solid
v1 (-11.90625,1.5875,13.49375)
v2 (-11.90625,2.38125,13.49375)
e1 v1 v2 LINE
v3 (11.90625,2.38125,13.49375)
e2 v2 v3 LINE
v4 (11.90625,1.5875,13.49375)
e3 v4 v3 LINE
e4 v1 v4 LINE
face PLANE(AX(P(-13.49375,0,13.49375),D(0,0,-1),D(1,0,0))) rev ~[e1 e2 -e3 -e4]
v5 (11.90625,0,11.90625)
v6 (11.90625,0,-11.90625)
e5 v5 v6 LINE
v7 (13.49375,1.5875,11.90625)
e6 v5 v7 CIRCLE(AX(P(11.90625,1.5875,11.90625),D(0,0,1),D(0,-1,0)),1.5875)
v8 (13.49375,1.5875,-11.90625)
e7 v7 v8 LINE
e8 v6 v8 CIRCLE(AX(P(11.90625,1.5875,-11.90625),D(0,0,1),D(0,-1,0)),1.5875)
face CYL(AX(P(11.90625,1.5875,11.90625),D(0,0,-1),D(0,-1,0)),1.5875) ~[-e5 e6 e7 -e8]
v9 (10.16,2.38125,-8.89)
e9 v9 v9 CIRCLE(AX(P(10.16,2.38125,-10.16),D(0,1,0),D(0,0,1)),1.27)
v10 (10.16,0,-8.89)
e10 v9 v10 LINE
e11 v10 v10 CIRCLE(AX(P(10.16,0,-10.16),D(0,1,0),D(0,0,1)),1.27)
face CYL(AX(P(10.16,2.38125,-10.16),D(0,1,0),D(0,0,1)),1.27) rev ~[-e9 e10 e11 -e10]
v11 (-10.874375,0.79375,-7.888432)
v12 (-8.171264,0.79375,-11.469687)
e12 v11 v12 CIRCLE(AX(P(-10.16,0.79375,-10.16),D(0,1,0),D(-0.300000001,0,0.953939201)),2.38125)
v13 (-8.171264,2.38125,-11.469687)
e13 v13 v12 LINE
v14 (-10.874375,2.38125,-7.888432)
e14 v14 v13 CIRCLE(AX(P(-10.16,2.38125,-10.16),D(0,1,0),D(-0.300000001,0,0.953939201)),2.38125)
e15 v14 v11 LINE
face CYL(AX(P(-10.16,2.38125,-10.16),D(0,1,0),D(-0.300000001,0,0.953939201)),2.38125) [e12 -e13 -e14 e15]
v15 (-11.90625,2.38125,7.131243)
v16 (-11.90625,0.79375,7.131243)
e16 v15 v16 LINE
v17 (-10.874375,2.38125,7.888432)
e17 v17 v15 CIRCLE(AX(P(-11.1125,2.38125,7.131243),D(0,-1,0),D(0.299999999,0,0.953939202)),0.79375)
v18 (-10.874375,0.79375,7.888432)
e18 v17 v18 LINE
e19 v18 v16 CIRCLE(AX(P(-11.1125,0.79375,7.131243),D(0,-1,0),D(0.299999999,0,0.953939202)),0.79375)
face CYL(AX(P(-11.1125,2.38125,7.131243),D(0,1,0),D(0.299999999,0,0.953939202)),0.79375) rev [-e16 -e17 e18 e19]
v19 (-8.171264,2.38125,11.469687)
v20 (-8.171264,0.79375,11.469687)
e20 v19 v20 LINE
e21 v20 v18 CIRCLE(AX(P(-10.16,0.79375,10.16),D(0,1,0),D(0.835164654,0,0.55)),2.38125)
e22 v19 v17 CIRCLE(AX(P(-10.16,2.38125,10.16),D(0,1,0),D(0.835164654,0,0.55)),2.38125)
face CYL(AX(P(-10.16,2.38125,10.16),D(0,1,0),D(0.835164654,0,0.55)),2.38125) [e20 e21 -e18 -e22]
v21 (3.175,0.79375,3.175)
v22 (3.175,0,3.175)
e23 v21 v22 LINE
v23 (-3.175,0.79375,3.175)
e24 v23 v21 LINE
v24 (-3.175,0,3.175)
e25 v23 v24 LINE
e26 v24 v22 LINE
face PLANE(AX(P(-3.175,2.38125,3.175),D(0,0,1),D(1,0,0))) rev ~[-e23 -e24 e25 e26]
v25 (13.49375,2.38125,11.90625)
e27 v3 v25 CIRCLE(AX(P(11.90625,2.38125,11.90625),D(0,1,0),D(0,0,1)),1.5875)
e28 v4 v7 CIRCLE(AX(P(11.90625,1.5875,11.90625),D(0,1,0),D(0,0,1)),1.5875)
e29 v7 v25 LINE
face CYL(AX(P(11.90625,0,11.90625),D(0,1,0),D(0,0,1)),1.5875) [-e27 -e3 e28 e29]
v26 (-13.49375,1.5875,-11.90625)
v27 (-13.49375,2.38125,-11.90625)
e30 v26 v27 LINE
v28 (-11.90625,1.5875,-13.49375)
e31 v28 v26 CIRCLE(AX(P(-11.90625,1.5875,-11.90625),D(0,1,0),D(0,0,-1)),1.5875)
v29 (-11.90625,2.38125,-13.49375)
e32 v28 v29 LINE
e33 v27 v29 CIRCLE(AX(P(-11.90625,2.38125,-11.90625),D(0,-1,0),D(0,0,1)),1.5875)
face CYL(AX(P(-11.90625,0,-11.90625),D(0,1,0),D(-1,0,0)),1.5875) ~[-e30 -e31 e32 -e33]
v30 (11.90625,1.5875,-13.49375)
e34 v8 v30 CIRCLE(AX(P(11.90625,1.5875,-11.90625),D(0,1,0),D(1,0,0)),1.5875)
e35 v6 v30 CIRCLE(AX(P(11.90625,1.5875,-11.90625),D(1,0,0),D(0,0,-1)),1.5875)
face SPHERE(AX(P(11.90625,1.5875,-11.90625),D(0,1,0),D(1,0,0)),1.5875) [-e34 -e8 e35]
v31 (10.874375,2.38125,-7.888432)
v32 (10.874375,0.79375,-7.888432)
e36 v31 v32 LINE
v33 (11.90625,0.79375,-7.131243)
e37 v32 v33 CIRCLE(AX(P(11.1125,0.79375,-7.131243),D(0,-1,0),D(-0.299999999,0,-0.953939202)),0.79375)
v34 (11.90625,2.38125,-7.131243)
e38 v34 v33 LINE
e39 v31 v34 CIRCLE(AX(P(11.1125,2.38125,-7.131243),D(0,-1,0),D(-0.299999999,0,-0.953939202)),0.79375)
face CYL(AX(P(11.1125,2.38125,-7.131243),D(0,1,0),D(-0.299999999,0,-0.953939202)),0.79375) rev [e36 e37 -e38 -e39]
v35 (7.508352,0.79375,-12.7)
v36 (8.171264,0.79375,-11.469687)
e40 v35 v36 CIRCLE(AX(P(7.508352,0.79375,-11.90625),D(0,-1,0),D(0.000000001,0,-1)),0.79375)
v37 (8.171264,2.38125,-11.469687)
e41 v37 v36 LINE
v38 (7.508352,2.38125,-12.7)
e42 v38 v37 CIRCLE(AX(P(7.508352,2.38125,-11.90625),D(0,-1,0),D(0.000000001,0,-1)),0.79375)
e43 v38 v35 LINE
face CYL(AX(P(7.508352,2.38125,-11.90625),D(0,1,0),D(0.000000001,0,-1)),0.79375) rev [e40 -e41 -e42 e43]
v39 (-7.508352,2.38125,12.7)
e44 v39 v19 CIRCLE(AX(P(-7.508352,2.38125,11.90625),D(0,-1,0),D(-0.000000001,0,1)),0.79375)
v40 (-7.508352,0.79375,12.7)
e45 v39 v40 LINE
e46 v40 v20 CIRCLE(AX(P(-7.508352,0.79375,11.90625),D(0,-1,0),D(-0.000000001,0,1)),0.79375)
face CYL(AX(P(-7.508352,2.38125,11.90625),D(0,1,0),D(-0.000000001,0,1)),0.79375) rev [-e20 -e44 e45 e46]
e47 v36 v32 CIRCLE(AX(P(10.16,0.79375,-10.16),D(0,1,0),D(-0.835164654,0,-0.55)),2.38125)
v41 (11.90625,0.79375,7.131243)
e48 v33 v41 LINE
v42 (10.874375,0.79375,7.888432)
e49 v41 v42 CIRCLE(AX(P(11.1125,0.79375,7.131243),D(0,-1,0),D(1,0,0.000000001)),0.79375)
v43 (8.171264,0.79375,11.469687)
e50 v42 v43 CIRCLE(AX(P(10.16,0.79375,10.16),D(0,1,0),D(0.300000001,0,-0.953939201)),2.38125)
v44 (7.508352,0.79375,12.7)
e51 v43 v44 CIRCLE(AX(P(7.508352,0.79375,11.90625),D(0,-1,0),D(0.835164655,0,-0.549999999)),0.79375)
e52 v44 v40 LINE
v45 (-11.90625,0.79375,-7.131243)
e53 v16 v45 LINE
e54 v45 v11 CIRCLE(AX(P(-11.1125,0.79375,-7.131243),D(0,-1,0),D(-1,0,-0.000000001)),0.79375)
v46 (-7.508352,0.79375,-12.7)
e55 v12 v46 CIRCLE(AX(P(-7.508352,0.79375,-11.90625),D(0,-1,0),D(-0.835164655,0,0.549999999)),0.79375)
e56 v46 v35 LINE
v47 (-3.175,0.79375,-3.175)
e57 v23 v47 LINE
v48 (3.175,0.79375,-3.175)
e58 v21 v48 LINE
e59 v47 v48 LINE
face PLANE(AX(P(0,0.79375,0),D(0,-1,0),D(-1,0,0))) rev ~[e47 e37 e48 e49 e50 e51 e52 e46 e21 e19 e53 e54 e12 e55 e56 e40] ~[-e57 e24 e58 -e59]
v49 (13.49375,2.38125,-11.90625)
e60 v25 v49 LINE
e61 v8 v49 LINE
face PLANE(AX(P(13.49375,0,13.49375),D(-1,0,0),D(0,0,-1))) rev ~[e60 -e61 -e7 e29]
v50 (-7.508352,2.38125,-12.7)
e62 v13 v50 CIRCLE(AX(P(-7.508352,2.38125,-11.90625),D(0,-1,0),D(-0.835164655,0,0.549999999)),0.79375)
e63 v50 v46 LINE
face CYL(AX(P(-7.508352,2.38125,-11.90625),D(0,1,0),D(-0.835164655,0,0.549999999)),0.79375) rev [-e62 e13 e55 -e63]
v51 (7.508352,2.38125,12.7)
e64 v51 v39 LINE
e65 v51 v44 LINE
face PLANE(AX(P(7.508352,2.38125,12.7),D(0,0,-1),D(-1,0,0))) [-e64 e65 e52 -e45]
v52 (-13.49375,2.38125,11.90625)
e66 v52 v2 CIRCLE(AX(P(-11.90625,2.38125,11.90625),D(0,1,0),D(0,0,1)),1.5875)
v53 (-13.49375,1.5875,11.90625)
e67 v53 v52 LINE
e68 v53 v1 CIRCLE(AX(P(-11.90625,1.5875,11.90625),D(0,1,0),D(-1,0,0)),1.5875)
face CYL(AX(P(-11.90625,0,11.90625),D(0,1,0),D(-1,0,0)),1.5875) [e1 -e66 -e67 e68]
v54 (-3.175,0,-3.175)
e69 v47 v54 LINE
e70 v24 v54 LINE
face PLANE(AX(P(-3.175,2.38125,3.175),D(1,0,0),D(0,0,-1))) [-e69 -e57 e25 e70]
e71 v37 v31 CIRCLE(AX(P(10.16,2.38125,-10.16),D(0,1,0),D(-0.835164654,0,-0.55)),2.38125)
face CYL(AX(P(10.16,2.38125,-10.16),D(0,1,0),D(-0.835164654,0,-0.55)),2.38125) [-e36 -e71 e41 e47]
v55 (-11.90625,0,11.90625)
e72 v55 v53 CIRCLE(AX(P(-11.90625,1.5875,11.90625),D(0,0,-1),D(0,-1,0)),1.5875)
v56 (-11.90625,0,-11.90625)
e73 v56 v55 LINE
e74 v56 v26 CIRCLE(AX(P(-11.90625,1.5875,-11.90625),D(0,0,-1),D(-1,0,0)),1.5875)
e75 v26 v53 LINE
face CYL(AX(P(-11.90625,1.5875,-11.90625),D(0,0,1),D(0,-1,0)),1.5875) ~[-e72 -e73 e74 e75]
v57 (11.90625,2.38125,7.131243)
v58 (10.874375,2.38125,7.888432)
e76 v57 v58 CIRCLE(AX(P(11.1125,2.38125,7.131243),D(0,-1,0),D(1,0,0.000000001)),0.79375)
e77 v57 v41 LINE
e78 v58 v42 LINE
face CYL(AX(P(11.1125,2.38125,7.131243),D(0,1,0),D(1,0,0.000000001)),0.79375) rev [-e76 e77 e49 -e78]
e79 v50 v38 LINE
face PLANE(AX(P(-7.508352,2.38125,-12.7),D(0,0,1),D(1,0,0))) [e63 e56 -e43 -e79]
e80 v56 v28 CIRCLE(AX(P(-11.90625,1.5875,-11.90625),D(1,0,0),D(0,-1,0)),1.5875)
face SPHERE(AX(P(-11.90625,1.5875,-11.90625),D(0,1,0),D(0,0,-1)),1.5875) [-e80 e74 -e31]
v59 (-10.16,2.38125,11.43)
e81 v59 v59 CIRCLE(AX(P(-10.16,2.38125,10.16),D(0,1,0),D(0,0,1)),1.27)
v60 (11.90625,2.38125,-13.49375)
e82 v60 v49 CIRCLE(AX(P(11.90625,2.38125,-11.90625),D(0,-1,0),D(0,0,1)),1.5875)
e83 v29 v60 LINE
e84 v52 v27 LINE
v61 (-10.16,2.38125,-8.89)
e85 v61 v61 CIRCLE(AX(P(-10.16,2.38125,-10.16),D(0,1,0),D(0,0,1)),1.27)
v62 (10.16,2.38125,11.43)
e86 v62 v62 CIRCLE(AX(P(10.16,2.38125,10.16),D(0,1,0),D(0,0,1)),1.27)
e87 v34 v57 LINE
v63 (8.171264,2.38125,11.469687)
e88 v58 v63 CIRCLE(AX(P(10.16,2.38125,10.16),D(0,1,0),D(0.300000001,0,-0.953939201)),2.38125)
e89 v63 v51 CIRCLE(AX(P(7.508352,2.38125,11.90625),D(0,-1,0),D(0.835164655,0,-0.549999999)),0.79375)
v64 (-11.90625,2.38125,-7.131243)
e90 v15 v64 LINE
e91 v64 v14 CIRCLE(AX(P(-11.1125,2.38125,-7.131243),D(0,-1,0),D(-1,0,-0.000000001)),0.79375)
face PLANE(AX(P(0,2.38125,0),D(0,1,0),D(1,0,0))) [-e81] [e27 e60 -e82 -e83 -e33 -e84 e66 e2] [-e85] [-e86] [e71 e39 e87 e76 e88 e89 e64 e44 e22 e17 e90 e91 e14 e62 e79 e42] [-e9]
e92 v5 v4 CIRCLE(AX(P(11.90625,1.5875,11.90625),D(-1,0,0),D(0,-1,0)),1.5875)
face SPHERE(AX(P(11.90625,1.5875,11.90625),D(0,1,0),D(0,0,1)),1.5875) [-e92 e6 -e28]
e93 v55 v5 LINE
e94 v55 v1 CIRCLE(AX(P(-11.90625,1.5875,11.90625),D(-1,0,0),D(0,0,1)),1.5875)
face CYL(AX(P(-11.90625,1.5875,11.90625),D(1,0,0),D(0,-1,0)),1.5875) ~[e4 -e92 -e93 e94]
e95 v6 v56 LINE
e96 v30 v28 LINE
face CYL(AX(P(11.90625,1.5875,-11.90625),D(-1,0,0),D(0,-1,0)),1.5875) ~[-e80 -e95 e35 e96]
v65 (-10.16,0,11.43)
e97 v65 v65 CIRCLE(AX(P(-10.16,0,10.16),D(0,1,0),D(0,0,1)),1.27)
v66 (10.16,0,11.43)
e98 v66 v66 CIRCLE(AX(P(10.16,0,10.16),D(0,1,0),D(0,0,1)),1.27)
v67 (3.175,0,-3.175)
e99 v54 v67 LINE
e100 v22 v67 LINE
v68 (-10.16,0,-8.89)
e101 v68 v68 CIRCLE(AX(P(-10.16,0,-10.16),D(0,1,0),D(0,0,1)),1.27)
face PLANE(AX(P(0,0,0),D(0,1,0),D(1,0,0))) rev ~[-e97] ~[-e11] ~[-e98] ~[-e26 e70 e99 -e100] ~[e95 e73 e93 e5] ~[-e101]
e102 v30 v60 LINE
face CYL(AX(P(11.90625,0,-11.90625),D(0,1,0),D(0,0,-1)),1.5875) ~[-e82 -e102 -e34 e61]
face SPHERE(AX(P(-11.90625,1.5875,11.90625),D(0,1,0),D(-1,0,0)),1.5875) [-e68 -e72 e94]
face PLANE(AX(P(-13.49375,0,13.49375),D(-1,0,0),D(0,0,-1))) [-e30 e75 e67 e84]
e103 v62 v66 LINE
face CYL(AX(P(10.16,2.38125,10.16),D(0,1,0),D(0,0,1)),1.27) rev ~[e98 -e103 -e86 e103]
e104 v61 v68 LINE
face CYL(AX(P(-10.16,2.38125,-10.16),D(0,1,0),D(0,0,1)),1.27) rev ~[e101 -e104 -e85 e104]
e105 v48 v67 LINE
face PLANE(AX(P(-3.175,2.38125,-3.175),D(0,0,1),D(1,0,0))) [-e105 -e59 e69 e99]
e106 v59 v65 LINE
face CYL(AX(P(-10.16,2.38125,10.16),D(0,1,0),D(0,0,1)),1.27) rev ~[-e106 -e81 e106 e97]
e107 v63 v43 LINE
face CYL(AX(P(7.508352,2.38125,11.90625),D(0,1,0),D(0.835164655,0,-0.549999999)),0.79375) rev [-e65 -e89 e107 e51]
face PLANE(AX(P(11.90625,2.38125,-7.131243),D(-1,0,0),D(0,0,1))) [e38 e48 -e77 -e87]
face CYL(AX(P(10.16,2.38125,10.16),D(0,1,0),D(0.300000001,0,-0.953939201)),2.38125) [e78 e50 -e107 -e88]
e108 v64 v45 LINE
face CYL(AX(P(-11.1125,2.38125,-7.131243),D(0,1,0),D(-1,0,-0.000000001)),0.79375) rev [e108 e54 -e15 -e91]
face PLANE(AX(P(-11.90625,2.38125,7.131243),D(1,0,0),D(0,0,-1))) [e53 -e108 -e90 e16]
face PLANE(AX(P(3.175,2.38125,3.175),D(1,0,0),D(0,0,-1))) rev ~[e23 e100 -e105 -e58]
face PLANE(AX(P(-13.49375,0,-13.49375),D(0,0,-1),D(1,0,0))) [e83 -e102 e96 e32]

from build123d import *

# Parameters (mm, degrees)
SKETCH1_W           = 26.9875
SKETCH1_H           = 26.9875
BOSS_EXTRUDE1_DEPTH = 2.38125
SKETCH2_W           = 6.35
SKETCH2_H           = 6.35
CUT_EXTRUDE1_DEPTH  = 20.231040785
SKETCH3_R           = 1.27
CUT_EXTRUDE2_DEPTH  = 20.231040785
CUT_EXTRUDE3_DEPTH  = 1.5875
FILLET1_R           = 1.5875
FILLET2_R           = 1.5875


with BuildPart() as part:
    # Sketch1 → Boss-Extrude1 (new body)
    with BuildSketch(Plane(origin=(0, 0, 0), x_dir=(1, 0, 0), z_dir=(0, 1, 0))):
        Rectangle(SKETCH1_W, SKETCH1_H)
    extrude(amount=BOSS_EXTRUDE1_DEPTH)

    # Sketch2 → Cut-Extrude1 (cut, through all)
    with BuildSketch(Plane(origin=(0, 2.38125, 0), x_dir=(1, 0, 0), z_dir=(0, 1, 0))):
        Rectangle(SKETCH2_W, SKETCH2_H)
    extrude(amount=-CUT_EXTRUDE1_DEPTH, mode=Mode.SUBTRACT)

    # Sketch3 → Cut-Extrude2 (cut, through all)
    with BuildSketch(Plane(origin=(0, 2.38125, 0), x_dir=(1, 0, 0), z_dir=(0, 1, 0))):
        with Locations(Location((-10.16, 10.16, 0), (0, 0, 270))):
            Circle(SKETCH3_R)
        with Locations(Location((10.16, 10.16, 0), (0, 0, 270))):
            Circle(SKETCH3_R)
        with Locations(Location((10.16, -10.16, 0), (0, 0, 270))):
            Circle(SKETCH3_R)
        with Locations(Location((-10.16, -10.16, 0), (0, 0, 270))):
            Circle(SKETCH3_R)
    extrude(amount=-CUT_EXTRUDE2_DEPTH, mode=Mode.SUBTRACT)

    # Sketch4 → Cut-Extrude3 (cut)
    with BuildSketch(Plane(origin=(0, 2.38125, 0), x_dir=(1, 0, 0), z_dir=(0, 1, 0))):
        with BuildLine():
            Line((-11.90625, -7.131243036), (-11.90625, 7.131243036))
            ThreePointArc((-11.90625, 7.131243036), (-11.582088833, 7.771184744), (-10.874375, 7.888432277))
            ThreePointArc((-10.874375, 7.888432277), (-8.259382698, 8.725424998), (-8.171264167, 11.4696875))
            ThreePointArc((-8.171264167, 11.4696875), (-8.207122766, 12.282758684), (-7.508352222, 12.7))
            Line((-7.508352222, 12.7), (7.508352222, 12.7))
            ThreePointArc((7.508352222, 12.7), (8.207122766, 12.282758684), (8.171264167, 11.4696875))
            ThreePointArc((8.171264167, 11.4696875), (8.259382698, 8.725424998), (10.874375, 7.888432277))
            ThreePointArc((10.874375, 7.888432277), (11.582088833, 7.771184744), (11.90625, 7.131243036))
            Line((11.90625, 7.131243036), (11.90625, -7.131243036))
            ThreePointArc((11.90625, -7.131243036), (11.582088833, -7.771184744), (10.874375, -7.888432277))
            ThreePointArc((10.874375, -7.888432277), (8.259382698, -8.725424998), (8.171264167, -11.4696875))
            ThreePointArc((8.171264167, -11.4696875), (8.207122766, -12.282758684), (7.508352222, -12.7))
            Line((7.508352222, -12.7), (-7.508352222, -12.7))
            ThreePointArc((-7.508352222, -12.7), (-8.207122766, -12.282758684), (-8.171264167, -11.4696875))
            ThreePointArc((-8.171264167, -11.4696875), (-8.259382698, -8.725424998), (-10.874375, -7.888432277))
            ThreePointArc((-10.874375, -7.888432277), (-11.582088833, -7.771184744), (-11.90625, -7.131243036))
        make_face()
    extrude(amount=-CUT_EXTRUDE3_DEPTH, mode=Mode.SUBTRACT)

    # Fillet1
    fillet1_edges = [part.edges().sort_by_distance(p)[0] for p in [
        (13.49375, 1.190625, 13.49375),
        (-13.49375, 1.190625, 13.49375),
        (-13.49375, 1.190625, -13.49375),
        (13.49375, 1.190625, -13.49375),
    ]]
    fillet(fillet1_edges, radius=FILLET1_R)

    # Fillet2
    fillet2_edges = [part.edges().sort_by_distance(p)[0] for p in [
        (13.49375, 0, 0),
        (0, 0, 13.49375),
        (-13.49375, 0, 0),
        (0, 0, -13.49375),
        (-13.028782015, 0, 13.028782015),
        (-13.028782015, 0, -13.028782015),
        (13.028782015, 0, -13.028782015),
        (13.028782015, 0, 13.028782015),
    ]]
    fillet(fillet2_edges, radius=FILLET2_R)


solid = part.part
